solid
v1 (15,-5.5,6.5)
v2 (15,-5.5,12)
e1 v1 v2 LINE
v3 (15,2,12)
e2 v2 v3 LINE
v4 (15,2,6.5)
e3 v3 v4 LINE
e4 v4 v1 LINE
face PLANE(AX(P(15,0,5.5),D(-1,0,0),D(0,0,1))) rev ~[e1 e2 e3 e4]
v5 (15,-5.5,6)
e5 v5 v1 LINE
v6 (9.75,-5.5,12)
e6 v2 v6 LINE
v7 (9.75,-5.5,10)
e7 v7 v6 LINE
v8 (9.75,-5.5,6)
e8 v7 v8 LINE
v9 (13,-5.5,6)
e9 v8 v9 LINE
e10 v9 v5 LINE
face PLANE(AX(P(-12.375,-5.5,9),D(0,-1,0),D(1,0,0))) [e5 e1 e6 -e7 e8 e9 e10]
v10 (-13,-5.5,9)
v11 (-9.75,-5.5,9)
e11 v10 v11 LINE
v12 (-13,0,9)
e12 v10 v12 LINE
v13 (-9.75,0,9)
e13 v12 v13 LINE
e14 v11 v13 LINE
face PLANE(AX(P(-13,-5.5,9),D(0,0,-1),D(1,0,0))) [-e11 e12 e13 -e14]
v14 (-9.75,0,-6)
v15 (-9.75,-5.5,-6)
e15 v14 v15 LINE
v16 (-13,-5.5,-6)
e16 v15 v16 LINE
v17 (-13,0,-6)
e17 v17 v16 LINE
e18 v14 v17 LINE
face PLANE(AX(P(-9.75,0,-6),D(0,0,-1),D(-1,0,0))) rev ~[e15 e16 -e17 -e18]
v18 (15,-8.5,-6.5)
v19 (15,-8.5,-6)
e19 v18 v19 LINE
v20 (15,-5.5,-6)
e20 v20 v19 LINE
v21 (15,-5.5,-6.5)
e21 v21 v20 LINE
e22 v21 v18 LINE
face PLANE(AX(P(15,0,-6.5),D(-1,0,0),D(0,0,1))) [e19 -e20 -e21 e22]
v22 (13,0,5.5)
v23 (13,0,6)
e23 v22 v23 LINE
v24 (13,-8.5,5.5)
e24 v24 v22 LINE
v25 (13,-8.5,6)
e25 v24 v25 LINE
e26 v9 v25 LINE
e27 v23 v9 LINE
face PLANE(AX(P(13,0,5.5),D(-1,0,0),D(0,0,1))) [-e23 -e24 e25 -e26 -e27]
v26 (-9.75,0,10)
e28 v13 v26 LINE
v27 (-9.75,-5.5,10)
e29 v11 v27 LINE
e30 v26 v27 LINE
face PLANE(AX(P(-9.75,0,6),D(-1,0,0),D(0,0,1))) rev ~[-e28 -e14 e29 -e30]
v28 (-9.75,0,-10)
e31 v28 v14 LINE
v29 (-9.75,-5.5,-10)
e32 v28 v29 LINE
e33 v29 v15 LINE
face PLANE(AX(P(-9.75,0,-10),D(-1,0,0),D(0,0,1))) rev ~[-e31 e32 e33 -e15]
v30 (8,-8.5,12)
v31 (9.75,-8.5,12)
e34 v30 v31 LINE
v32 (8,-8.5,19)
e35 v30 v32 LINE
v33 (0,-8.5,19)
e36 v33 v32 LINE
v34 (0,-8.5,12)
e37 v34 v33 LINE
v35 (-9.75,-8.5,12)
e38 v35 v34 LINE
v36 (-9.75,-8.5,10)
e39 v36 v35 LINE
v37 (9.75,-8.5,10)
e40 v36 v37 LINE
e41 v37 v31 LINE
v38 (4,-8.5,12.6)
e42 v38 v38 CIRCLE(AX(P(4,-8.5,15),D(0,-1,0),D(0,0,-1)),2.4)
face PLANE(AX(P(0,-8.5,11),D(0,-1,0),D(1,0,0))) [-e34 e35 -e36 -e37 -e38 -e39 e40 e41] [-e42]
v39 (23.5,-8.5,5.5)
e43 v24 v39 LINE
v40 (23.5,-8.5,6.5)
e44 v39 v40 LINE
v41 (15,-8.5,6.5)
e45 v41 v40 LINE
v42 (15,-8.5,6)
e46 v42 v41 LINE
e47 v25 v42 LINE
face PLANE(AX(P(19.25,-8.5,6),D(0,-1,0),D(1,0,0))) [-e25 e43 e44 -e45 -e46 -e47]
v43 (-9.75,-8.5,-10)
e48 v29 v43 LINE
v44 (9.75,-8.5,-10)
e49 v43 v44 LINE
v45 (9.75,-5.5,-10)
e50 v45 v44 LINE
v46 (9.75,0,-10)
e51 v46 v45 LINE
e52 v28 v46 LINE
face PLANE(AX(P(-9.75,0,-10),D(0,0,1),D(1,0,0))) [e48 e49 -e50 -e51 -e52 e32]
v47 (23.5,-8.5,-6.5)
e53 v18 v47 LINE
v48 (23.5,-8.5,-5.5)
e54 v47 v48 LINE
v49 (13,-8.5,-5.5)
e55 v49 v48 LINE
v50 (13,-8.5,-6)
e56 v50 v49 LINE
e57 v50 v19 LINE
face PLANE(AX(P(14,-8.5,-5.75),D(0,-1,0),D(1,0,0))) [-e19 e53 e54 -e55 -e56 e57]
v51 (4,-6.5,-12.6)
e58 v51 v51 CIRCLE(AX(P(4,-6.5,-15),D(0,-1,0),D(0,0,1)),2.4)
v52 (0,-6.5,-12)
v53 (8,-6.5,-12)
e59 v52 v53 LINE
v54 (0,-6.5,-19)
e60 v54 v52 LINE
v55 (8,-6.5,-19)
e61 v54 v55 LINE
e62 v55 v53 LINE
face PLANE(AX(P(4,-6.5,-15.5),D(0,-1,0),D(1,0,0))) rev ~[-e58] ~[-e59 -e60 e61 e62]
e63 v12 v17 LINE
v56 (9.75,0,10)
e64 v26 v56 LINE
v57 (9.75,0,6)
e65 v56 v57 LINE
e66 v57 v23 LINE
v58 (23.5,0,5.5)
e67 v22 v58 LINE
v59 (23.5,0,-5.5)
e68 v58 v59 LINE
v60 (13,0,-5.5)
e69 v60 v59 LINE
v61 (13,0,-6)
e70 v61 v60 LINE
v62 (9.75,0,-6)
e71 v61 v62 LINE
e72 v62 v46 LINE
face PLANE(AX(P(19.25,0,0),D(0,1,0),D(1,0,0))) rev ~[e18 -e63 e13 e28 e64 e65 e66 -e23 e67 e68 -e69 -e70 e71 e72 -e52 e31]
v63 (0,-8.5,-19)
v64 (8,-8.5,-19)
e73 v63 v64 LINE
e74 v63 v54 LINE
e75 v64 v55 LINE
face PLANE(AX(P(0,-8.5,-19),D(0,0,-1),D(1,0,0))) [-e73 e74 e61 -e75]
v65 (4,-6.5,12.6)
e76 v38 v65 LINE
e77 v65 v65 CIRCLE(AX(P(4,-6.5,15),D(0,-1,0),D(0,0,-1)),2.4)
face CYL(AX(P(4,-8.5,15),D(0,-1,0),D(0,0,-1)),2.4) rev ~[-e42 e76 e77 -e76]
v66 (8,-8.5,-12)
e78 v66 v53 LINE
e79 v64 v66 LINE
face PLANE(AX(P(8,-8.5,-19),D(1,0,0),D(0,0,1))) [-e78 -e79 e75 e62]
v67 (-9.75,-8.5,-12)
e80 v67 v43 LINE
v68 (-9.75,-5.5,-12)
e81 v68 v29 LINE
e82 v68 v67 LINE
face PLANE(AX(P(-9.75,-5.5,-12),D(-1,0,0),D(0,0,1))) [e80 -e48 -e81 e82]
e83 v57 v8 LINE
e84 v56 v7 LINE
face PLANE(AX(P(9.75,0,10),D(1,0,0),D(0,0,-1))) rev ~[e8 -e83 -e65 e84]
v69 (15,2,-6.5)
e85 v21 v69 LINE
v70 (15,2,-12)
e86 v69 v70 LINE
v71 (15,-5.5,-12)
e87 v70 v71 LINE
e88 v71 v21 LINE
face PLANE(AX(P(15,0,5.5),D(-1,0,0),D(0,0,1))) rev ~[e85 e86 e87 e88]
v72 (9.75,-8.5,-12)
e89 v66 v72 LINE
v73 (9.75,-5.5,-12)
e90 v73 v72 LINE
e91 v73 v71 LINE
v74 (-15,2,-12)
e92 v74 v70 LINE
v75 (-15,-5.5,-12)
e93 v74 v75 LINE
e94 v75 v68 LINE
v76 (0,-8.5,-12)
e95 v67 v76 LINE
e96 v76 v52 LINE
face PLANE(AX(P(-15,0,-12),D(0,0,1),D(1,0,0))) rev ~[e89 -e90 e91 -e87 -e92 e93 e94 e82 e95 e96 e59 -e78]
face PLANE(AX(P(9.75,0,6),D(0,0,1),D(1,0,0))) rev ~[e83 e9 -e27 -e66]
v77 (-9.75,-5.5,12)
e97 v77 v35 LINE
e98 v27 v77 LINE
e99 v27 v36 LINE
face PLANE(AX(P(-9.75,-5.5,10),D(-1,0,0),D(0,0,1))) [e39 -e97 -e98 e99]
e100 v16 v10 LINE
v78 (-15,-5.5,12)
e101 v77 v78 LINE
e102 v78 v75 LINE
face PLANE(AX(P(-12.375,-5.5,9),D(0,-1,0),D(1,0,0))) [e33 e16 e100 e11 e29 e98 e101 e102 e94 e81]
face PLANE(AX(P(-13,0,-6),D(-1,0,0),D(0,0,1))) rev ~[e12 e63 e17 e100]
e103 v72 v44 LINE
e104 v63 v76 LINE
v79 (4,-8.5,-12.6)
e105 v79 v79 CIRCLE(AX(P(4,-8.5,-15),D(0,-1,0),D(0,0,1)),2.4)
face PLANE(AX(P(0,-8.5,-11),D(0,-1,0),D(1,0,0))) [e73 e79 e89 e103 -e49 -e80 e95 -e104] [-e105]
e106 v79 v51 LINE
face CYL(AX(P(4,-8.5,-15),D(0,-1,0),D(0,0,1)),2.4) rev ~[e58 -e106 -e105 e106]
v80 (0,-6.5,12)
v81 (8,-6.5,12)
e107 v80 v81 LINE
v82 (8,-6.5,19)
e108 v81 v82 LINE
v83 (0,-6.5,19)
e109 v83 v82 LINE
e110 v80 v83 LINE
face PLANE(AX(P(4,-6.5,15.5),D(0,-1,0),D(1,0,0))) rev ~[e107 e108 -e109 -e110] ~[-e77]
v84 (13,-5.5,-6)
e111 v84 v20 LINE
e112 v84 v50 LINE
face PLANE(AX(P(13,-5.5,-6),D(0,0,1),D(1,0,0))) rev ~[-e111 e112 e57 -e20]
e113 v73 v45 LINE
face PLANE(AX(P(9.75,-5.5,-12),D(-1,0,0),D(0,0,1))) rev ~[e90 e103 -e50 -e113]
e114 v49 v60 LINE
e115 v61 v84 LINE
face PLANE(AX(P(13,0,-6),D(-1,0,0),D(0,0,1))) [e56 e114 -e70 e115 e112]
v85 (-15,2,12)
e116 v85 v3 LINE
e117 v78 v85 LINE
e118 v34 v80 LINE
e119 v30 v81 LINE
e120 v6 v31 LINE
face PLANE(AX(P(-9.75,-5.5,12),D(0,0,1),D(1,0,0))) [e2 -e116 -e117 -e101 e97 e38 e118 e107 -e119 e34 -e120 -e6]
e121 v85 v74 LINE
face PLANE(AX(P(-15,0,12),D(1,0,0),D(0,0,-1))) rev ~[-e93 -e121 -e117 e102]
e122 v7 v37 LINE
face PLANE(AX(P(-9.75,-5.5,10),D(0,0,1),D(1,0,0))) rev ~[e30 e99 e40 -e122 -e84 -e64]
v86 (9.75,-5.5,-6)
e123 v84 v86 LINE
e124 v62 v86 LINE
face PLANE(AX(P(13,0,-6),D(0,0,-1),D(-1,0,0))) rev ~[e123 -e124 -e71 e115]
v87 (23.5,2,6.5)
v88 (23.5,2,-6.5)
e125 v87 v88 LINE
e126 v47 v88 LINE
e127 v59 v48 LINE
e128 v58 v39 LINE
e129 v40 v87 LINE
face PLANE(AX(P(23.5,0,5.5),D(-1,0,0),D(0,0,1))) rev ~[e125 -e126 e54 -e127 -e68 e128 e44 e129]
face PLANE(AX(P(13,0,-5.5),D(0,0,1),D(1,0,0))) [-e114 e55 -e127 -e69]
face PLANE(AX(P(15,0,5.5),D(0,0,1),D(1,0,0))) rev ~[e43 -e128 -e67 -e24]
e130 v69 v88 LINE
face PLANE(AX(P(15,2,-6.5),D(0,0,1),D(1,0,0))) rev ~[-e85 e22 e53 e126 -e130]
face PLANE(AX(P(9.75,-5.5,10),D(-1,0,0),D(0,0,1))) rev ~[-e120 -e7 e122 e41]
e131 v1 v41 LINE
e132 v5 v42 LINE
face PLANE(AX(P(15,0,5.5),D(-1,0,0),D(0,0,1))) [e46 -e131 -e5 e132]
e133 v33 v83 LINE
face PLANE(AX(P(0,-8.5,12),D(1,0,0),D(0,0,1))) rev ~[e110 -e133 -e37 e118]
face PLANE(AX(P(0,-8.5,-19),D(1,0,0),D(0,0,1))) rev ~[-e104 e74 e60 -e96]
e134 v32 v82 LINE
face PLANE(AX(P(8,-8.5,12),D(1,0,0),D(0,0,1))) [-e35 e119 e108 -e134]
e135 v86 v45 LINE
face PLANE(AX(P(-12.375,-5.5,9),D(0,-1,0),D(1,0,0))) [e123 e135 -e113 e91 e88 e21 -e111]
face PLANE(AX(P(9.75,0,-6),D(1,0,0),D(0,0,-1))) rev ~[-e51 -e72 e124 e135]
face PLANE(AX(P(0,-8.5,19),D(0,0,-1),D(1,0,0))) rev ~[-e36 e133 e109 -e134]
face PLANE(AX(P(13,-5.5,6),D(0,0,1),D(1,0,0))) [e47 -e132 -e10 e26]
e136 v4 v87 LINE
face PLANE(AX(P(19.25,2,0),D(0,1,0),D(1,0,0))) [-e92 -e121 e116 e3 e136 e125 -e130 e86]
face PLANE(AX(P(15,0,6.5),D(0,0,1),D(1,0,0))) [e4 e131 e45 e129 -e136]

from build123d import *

# Parameters (mm, degrees)
SKETCH_1_W          = 30
SKETCH_1_H          = 24
EXTRUDE_1_DEPTH     = 2
SKETCH_2_W          = 19.5
SKETCH_2_H          = 2
SKETCH_2_W_2        = 2
SKETCH_2_H_2        = 0.5
SKETCH_2_H_3        = 12
EXTRUDE_2_DEPTH     = 5.5
SKETCH_3_W          = 19.5
SKETCH_3_H          = 2
SKETCH_3_W_2        = 2
SKETCH_3_H_2        = 0.5
EXTRUDE_3_DEPTH     = 3
SKETCH_4_W          = 8.5
SKETCH_4_H          = 13
EXTRUDE_4_DEPTH     = 2
SKETCH_5_W          = 8.5
SKETCH_5_H          = 1
EXTRUDE_5_DEPTH     = 8.5
SKETCH_6_W          = 8
SKETCH_6_H          = 7
SKETCH_6_R          = 2.4
EXTRUDE_6_DEPTH     = 2
SKETCH_7_W          = 3.25
SKETCH_7_H          = 3
CUT_EXTRUDE_1_DEPTH = 5.5


with BuildPart() as part:
    # 草图1 → 凸台-拉伸1 (new body)
    with BuildSketch(Plane(origin=(0, 0, 0), x_dir=(1, 0, 0), z_dir=(0, 1, 0))):
        Rectangle(SKETCH_1_W, SKETCH_1_H)
    extrude(amount=EXTRUDE_1_DEPTH)

    # 草图2 → 凸台-拉伸2 (add)
    with BuildSketch(Plane.XZ):
        Polygon((-9.75, 12), (-15, 12), (-15, 6), (-13, 6), (-9.75, 6), (-9.75, 10), align=None)
        with Locations((0, 11)):
            Rectangle(SKETCH_2_W, SKETCH_2_H)
        Polygon((15, 12), (9.75, 12), (9.75, 10), (9.75, 6), (13, 6), (15, 6), align=None)
        with Locations((14, 5.75)):
            Rectangle(SKETCH_2_W_2, SKETCH_2_H_2)
        with Locations((14, -5.75)):
            Rectangle(SKETCH_2_W_2, SKETCH_2_H_2)
        Polygon((9.75, -10), (9.75, -12), (15, -12), (15, -6), (13, -6), (9.75, -6), align=None)
        with Locations((0, -11)):
            Rectangle(SKETCH_2_W, SKETCH_2_H)
        Polygon((-13, -6), (-15, -6), (-15, -12), (-9.75, -12), (-9.75, -10), (-9.75, -6), align=None)
        with Locations((-14, 0)):
            Rectangle(SKETCH_2_W_2, SKETCH_2_H_3)
    extrude(amount=EXTRUDE_2_DEPTH)

    # 草图3 → 凸台-拉伸3 (add)
    with BuildSketch(Plane.XZ.offset(5.5)):
        with Locations((0, 11)):
            Rectangle(SKETCH_3_W, SKETCH_3_H)
        with Locations((0, -11)):
            Rectangle(SKETCH_3_W, SKETCH_3_H)
        with Locations((14, -5.75)):
            Rectangle(SKETCH_3_W_2, SKETCH_3_H_2)
        with Locations((14, 5.75)):
            Rectangle(SKETCH_3_W_2, SKETCH_3_H_2)
    extrude(amount=EXTRUDE_3_DEPTH)

    # 草图4 → 凸台-拉伸4 (add)
    with BuildSketch(Plane(origin=(0, 2, 0), x_dir=(1, 0, 0), z_dir=(0, 1, 0))):
        with Locations((19.25, 0)):
            Rectangle(SKETCH_4_W, SKETCH_4_H)
    extrude(amount=-EXTRUDE_4_DEPTH)

    # 草图5 → 凸台-拉伸5 (add)
    with BuildSketch(Plane.XZ):
        with Locations((19.25, 6)):
            Rectangle(SKETCH_5_W, SKETCH_5_H)
        with Locations((19.25, -6)):
            Rectangle(SKETCH_5_W, SKETCH_5_H)
    extrude(amount=EXTRUDE_5_DEPTH)

    # 草图6 → 凸台-拉伸6 (add)
    # profile 1 of 2: a face of its own
    with BuildSketch(Plane.XZ.offset(8.5)):
        with Locations((4, 15.5)):
            Rectangle(SKETCH_6_W, SKETCH_6_H)
        with Locations(Location((4, 15, 0), (0, 0, 270))):
            Circle(SKETCH_6_R, mode=Mode.SUBTRACT)
    # profile 2 of 2: a face of its own
    with BuildSketch(Plane.XZ.offset(8.5)):
        with Locations((4, -15.5)):
            Rectangle(SKETCH_6_W, SKETCH_6_H)
        with Locations(Location((4, -15, 0), (0, 0, 90))):
            Circle(SKETCH_6_R, mode=Mode.SUBTRACT)
    extrude(amount=-EXTRUDE_6_DEPTH)

    # 草图7 → 切除-拉伸1 (cut)
    with BuildSketch(Plane.XZ.offset(5.5)):
        with Locations((-11.375, 7.5)):
            Rectangle(SKETCH_7_W, SKETCH_7_H)
    extrude(amount=-CUT_EXTRUDE_1_DEPTH, mode=Mode.SUBTRACT)


solid = part.part
